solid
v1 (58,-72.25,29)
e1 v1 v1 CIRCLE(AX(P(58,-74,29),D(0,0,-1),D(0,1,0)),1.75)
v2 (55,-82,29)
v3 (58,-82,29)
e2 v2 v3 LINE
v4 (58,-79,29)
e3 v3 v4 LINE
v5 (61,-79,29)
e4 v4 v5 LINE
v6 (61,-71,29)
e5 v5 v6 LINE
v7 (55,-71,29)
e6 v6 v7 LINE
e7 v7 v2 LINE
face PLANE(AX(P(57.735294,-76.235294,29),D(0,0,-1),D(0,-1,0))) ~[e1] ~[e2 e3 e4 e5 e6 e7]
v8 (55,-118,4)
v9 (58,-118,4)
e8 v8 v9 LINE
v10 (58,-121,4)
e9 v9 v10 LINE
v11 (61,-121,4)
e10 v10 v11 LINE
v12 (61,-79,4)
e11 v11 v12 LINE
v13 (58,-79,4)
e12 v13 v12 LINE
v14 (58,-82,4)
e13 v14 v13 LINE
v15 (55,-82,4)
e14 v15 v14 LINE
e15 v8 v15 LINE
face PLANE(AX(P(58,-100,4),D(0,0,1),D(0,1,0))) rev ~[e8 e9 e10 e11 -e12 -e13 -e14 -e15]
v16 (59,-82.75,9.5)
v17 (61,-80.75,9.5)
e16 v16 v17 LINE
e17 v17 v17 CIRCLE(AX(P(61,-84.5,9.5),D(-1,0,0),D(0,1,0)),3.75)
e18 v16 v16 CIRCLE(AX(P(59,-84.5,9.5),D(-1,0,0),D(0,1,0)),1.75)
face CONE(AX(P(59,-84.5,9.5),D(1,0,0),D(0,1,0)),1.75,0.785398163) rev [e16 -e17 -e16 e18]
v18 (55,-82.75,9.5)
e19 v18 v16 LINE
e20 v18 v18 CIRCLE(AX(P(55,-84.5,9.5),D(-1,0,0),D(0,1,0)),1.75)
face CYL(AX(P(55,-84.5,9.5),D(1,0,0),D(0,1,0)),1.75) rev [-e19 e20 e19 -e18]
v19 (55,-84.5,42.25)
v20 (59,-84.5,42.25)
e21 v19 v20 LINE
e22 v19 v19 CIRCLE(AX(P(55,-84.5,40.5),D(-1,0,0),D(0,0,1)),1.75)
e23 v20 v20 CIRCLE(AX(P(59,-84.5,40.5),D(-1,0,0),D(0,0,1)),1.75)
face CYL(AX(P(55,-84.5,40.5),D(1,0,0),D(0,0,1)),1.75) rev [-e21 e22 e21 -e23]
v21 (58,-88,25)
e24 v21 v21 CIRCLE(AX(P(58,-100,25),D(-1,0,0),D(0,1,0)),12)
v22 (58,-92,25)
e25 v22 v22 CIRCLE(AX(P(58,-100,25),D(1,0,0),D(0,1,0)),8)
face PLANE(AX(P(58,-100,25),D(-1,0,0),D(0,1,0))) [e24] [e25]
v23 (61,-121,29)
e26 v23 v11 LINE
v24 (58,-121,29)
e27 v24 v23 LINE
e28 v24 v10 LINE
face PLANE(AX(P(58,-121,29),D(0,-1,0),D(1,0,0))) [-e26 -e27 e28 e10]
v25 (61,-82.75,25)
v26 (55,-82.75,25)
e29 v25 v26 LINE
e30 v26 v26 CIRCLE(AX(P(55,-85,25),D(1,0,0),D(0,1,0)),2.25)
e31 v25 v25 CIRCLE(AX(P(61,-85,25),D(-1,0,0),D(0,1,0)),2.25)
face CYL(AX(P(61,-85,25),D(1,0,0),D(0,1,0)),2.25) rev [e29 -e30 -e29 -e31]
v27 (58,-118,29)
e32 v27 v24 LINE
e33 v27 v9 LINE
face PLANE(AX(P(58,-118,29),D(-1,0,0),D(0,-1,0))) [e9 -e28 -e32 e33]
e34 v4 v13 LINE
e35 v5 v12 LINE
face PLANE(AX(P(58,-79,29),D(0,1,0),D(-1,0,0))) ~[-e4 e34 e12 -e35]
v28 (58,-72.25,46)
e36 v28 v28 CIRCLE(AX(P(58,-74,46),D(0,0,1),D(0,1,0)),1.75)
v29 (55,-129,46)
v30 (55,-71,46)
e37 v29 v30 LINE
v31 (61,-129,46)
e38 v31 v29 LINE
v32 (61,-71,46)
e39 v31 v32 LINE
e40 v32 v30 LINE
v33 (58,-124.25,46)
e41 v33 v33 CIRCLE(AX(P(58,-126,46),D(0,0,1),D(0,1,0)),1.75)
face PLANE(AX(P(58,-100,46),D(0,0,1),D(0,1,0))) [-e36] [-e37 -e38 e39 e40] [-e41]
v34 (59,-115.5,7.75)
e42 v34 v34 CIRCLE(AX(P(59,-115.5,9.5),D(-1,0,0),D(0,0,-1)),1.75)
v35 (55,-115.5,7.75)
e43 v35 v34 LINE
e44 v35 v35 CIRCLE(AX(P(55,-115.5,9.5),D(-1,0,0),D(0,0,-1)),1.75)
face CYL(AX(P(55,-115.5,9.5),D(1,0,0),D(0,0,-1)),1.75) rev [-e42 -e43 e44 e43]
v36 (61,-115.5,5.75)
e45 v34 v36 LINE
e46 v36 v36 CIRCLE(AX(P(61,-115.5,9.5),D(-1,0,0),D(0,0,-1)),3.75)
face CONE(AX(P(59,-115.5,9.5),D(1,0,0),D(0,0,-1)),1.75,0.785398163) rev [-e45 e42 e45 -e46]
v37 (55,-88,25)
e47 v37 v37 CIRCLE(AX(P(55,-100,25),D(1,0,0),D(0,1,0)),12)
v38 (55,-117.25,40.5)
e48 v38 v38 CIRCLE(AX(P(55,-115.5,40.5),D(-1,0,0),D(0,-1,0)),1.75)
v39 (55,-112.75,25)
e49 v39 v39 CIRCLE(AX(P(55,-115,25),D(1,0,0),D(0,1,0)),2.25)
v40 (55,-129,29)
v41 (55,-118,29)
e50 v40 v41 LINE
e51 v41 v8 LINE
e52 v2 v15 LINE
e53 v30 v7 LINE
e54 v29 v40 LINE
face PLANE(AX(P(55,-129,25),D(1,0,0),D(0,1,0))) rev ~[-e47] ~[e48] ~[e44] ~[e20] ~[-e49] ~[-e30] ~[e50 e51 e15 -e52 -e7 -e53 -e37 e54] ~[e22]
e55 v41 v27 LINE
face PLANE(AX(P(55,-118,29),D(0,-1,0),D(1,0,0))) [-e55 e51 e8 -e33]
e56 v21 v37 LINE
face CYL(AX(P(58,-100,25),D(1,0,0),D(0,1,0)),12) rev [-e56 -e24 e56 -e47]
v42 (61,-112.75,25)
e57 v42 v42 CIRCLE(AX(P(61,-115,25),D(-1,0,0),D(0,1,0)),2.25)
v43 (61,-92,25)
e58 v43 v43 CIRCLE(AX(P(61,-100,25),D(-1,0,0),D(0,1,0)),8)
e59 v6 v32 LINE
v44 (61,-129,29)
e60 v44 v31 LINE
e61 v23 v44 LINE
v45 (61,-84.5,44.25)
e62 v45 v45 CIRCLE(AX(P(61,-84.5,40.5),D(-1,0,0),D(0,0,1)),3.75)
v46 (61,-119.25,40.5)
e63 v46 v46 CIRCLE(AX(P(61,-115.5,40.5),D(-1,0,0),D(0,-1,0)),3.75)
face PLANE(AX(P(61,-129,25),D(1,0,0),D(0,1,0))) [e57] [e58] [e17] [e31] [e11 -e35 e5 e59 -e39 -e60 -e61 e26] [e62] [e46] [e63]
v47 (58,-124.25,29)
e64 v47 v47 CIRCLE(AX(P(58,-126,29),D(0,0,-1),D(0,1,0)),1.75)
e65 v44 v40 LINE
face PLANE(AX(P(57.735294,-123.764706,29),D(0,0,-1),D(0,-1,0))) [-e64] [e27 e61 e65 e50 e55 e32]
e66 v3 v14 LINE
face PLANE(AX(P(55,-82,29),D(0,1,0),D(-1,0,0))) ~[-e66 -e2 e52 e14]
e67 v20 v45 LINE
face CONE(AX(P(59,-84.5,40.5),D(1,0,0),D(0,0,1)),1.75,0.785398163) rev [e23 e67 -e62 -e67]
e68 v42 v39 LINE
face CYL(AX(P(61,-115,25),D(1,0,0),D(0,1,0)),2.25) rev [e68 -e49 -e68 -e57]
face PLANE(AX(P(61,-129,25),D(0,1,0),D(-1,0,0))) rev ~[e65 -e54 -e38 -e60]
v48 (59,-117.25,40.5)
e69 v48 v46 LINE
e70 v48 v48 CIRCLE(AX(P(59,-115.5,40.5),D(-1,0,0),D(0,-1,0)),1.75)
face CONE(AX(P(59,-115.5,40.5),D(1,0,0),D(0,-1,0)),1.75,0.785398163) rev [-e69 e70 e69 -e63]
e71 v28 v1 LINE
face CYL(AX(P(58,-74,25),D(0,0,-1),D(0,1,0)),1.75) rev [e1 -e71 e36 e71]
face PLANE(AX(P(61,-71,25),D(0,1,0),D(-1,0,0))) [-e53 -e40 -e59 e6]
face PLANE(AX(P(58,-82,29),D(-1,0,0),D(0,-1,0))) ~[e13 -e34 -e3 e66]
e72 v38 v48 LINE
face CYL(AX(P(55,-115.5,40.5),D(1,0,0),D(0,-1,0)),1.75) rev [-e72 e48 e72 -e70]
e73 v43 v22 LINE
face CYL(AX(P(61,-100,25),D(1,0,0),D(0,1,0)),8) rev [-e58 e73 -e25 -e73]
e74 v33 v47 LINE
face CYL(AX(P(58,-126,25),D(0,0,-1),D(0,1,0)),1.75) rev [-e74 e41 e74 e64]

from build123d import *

# Parameters (mm, degrees)
SKETCH204_W             = 58
SKETCH204_H             = 6
SKETCH204_R             = 1.75
PAD052_DEPTH            = 21
POCKET125_DEPTH         = 168.722954
SKETCH203_R             = 8
SKETCH203_R_2           = 2.25
POCKET126_DEPTH         = 0.001
POCKET126_DEPTH_BACK    = 6.001
POLARPATTERN005_COUNT   = 4
SKETCH210_R             = 12
POCKET130_DEPTH         = 3.001
BODY111_ROLL_ANGLE      = -90
BODY111_PLACEMENT_ANGLE = 90


with BuildPart() as part:
    # Sketch204 → Pad052 (new body, symmetric)
    with BuildSketch(Plane.XZ):
        with Locations((0, 3)):
            Rectangle(SKETCH204_W, SKETCH204_H)
        with Locations((-26, 3)):
            Circle(SKETCH204_R, mode=Mode.SUBTRACT)
        with Locations((26, 3)):
            Circle(SKETCH204_R, mode=Mode.SUBTRACT)
    extrude(amount=PAD052_DEPTH, both=True)

    # Sketch205 → Pocket125 (cut, through all)
    with BuildSketch(Plane.XZ.offset(4)):
        Polygon((-29, 6), (-18, 6), (-18, 3), (-21, 3), (-21, 0), (-29, 0), align=None)
    pocket125 = extrude(amount=-POCKET125_DEPTH, mode=Mode.SUBTRACT)

    # Mirrored027: Pocket125 across YZ
    add(pocket125.mirror(Plane.YZ), mode=Mode.SUBTRACT)

    # Sketch203 → Pocket126 (cut, two sides)
    with BuildSketch(Plane.XY) as pocket126_sk:
        Circle(SKETCH203_R)
        with Locations((-15, 0)):
            Circle(SKETCH203_R_2)
        with Locations((15, 0)):
            Circle(SKETCH203_R_2)
    extrude(amount=-POCKET126_DEPTH, mode=Mode.SUBTRACT)
    extrude(pocket126_sk.sketch, amount=POCKET126_DEPTH_BACK, mode=Mode.SUBTRACT)

    # Sketch206 → Groove003 (revolve, cut)
    with BuildSketch(Plane.XZ.offset(15.5)):
        Polygon((-19.25, 0), (-15.5, 0), (-15.5, 6), (-17.25, 6), (-17.25, 2), align=None)
    groove003 = revolve(axis=Axis((-15.5, -15.5, 0), (0, 0, 1)), mode=Mode.SUBTRACT)

    # PolarPattern005: Groove003 ×4 about axis
    polarpattern005_axis = Axis((0, 0, 0), (0, 0, 1))
    for i in range(1, POLARPATTERN005_COUNT):
        add(groove003.rotate(polarpattern005_axis, i * 360 / POLARPATTERN005_COUNT), mode=Mode.SUBTRACT)

    # Sketch210 → Pocket130 (cut, through all)
    with BuildSketch(Plane.XY.offset(3)):
        Circle(SKETCH210_R)
    extrude(amount=POCKET130_DEPTH, mode=Mode.SUBTRACT)


with BuildPart() as part_1:
    # Body111 roll: moved
    add(part.part.rotate(Axis((0, 0, 0), (1, 0, 0)), BODY111_ROLL_ANGLE))


with BuildPart() as part_2:
    # Body111 placement: moved
    add(part_1.part.moved(Location((61, -100, 25))).rotate(Axis((61, -100, 25), (0, 0, 1)), BODY111_PLACEMENT_ANGLE))


solid = part_2.part
